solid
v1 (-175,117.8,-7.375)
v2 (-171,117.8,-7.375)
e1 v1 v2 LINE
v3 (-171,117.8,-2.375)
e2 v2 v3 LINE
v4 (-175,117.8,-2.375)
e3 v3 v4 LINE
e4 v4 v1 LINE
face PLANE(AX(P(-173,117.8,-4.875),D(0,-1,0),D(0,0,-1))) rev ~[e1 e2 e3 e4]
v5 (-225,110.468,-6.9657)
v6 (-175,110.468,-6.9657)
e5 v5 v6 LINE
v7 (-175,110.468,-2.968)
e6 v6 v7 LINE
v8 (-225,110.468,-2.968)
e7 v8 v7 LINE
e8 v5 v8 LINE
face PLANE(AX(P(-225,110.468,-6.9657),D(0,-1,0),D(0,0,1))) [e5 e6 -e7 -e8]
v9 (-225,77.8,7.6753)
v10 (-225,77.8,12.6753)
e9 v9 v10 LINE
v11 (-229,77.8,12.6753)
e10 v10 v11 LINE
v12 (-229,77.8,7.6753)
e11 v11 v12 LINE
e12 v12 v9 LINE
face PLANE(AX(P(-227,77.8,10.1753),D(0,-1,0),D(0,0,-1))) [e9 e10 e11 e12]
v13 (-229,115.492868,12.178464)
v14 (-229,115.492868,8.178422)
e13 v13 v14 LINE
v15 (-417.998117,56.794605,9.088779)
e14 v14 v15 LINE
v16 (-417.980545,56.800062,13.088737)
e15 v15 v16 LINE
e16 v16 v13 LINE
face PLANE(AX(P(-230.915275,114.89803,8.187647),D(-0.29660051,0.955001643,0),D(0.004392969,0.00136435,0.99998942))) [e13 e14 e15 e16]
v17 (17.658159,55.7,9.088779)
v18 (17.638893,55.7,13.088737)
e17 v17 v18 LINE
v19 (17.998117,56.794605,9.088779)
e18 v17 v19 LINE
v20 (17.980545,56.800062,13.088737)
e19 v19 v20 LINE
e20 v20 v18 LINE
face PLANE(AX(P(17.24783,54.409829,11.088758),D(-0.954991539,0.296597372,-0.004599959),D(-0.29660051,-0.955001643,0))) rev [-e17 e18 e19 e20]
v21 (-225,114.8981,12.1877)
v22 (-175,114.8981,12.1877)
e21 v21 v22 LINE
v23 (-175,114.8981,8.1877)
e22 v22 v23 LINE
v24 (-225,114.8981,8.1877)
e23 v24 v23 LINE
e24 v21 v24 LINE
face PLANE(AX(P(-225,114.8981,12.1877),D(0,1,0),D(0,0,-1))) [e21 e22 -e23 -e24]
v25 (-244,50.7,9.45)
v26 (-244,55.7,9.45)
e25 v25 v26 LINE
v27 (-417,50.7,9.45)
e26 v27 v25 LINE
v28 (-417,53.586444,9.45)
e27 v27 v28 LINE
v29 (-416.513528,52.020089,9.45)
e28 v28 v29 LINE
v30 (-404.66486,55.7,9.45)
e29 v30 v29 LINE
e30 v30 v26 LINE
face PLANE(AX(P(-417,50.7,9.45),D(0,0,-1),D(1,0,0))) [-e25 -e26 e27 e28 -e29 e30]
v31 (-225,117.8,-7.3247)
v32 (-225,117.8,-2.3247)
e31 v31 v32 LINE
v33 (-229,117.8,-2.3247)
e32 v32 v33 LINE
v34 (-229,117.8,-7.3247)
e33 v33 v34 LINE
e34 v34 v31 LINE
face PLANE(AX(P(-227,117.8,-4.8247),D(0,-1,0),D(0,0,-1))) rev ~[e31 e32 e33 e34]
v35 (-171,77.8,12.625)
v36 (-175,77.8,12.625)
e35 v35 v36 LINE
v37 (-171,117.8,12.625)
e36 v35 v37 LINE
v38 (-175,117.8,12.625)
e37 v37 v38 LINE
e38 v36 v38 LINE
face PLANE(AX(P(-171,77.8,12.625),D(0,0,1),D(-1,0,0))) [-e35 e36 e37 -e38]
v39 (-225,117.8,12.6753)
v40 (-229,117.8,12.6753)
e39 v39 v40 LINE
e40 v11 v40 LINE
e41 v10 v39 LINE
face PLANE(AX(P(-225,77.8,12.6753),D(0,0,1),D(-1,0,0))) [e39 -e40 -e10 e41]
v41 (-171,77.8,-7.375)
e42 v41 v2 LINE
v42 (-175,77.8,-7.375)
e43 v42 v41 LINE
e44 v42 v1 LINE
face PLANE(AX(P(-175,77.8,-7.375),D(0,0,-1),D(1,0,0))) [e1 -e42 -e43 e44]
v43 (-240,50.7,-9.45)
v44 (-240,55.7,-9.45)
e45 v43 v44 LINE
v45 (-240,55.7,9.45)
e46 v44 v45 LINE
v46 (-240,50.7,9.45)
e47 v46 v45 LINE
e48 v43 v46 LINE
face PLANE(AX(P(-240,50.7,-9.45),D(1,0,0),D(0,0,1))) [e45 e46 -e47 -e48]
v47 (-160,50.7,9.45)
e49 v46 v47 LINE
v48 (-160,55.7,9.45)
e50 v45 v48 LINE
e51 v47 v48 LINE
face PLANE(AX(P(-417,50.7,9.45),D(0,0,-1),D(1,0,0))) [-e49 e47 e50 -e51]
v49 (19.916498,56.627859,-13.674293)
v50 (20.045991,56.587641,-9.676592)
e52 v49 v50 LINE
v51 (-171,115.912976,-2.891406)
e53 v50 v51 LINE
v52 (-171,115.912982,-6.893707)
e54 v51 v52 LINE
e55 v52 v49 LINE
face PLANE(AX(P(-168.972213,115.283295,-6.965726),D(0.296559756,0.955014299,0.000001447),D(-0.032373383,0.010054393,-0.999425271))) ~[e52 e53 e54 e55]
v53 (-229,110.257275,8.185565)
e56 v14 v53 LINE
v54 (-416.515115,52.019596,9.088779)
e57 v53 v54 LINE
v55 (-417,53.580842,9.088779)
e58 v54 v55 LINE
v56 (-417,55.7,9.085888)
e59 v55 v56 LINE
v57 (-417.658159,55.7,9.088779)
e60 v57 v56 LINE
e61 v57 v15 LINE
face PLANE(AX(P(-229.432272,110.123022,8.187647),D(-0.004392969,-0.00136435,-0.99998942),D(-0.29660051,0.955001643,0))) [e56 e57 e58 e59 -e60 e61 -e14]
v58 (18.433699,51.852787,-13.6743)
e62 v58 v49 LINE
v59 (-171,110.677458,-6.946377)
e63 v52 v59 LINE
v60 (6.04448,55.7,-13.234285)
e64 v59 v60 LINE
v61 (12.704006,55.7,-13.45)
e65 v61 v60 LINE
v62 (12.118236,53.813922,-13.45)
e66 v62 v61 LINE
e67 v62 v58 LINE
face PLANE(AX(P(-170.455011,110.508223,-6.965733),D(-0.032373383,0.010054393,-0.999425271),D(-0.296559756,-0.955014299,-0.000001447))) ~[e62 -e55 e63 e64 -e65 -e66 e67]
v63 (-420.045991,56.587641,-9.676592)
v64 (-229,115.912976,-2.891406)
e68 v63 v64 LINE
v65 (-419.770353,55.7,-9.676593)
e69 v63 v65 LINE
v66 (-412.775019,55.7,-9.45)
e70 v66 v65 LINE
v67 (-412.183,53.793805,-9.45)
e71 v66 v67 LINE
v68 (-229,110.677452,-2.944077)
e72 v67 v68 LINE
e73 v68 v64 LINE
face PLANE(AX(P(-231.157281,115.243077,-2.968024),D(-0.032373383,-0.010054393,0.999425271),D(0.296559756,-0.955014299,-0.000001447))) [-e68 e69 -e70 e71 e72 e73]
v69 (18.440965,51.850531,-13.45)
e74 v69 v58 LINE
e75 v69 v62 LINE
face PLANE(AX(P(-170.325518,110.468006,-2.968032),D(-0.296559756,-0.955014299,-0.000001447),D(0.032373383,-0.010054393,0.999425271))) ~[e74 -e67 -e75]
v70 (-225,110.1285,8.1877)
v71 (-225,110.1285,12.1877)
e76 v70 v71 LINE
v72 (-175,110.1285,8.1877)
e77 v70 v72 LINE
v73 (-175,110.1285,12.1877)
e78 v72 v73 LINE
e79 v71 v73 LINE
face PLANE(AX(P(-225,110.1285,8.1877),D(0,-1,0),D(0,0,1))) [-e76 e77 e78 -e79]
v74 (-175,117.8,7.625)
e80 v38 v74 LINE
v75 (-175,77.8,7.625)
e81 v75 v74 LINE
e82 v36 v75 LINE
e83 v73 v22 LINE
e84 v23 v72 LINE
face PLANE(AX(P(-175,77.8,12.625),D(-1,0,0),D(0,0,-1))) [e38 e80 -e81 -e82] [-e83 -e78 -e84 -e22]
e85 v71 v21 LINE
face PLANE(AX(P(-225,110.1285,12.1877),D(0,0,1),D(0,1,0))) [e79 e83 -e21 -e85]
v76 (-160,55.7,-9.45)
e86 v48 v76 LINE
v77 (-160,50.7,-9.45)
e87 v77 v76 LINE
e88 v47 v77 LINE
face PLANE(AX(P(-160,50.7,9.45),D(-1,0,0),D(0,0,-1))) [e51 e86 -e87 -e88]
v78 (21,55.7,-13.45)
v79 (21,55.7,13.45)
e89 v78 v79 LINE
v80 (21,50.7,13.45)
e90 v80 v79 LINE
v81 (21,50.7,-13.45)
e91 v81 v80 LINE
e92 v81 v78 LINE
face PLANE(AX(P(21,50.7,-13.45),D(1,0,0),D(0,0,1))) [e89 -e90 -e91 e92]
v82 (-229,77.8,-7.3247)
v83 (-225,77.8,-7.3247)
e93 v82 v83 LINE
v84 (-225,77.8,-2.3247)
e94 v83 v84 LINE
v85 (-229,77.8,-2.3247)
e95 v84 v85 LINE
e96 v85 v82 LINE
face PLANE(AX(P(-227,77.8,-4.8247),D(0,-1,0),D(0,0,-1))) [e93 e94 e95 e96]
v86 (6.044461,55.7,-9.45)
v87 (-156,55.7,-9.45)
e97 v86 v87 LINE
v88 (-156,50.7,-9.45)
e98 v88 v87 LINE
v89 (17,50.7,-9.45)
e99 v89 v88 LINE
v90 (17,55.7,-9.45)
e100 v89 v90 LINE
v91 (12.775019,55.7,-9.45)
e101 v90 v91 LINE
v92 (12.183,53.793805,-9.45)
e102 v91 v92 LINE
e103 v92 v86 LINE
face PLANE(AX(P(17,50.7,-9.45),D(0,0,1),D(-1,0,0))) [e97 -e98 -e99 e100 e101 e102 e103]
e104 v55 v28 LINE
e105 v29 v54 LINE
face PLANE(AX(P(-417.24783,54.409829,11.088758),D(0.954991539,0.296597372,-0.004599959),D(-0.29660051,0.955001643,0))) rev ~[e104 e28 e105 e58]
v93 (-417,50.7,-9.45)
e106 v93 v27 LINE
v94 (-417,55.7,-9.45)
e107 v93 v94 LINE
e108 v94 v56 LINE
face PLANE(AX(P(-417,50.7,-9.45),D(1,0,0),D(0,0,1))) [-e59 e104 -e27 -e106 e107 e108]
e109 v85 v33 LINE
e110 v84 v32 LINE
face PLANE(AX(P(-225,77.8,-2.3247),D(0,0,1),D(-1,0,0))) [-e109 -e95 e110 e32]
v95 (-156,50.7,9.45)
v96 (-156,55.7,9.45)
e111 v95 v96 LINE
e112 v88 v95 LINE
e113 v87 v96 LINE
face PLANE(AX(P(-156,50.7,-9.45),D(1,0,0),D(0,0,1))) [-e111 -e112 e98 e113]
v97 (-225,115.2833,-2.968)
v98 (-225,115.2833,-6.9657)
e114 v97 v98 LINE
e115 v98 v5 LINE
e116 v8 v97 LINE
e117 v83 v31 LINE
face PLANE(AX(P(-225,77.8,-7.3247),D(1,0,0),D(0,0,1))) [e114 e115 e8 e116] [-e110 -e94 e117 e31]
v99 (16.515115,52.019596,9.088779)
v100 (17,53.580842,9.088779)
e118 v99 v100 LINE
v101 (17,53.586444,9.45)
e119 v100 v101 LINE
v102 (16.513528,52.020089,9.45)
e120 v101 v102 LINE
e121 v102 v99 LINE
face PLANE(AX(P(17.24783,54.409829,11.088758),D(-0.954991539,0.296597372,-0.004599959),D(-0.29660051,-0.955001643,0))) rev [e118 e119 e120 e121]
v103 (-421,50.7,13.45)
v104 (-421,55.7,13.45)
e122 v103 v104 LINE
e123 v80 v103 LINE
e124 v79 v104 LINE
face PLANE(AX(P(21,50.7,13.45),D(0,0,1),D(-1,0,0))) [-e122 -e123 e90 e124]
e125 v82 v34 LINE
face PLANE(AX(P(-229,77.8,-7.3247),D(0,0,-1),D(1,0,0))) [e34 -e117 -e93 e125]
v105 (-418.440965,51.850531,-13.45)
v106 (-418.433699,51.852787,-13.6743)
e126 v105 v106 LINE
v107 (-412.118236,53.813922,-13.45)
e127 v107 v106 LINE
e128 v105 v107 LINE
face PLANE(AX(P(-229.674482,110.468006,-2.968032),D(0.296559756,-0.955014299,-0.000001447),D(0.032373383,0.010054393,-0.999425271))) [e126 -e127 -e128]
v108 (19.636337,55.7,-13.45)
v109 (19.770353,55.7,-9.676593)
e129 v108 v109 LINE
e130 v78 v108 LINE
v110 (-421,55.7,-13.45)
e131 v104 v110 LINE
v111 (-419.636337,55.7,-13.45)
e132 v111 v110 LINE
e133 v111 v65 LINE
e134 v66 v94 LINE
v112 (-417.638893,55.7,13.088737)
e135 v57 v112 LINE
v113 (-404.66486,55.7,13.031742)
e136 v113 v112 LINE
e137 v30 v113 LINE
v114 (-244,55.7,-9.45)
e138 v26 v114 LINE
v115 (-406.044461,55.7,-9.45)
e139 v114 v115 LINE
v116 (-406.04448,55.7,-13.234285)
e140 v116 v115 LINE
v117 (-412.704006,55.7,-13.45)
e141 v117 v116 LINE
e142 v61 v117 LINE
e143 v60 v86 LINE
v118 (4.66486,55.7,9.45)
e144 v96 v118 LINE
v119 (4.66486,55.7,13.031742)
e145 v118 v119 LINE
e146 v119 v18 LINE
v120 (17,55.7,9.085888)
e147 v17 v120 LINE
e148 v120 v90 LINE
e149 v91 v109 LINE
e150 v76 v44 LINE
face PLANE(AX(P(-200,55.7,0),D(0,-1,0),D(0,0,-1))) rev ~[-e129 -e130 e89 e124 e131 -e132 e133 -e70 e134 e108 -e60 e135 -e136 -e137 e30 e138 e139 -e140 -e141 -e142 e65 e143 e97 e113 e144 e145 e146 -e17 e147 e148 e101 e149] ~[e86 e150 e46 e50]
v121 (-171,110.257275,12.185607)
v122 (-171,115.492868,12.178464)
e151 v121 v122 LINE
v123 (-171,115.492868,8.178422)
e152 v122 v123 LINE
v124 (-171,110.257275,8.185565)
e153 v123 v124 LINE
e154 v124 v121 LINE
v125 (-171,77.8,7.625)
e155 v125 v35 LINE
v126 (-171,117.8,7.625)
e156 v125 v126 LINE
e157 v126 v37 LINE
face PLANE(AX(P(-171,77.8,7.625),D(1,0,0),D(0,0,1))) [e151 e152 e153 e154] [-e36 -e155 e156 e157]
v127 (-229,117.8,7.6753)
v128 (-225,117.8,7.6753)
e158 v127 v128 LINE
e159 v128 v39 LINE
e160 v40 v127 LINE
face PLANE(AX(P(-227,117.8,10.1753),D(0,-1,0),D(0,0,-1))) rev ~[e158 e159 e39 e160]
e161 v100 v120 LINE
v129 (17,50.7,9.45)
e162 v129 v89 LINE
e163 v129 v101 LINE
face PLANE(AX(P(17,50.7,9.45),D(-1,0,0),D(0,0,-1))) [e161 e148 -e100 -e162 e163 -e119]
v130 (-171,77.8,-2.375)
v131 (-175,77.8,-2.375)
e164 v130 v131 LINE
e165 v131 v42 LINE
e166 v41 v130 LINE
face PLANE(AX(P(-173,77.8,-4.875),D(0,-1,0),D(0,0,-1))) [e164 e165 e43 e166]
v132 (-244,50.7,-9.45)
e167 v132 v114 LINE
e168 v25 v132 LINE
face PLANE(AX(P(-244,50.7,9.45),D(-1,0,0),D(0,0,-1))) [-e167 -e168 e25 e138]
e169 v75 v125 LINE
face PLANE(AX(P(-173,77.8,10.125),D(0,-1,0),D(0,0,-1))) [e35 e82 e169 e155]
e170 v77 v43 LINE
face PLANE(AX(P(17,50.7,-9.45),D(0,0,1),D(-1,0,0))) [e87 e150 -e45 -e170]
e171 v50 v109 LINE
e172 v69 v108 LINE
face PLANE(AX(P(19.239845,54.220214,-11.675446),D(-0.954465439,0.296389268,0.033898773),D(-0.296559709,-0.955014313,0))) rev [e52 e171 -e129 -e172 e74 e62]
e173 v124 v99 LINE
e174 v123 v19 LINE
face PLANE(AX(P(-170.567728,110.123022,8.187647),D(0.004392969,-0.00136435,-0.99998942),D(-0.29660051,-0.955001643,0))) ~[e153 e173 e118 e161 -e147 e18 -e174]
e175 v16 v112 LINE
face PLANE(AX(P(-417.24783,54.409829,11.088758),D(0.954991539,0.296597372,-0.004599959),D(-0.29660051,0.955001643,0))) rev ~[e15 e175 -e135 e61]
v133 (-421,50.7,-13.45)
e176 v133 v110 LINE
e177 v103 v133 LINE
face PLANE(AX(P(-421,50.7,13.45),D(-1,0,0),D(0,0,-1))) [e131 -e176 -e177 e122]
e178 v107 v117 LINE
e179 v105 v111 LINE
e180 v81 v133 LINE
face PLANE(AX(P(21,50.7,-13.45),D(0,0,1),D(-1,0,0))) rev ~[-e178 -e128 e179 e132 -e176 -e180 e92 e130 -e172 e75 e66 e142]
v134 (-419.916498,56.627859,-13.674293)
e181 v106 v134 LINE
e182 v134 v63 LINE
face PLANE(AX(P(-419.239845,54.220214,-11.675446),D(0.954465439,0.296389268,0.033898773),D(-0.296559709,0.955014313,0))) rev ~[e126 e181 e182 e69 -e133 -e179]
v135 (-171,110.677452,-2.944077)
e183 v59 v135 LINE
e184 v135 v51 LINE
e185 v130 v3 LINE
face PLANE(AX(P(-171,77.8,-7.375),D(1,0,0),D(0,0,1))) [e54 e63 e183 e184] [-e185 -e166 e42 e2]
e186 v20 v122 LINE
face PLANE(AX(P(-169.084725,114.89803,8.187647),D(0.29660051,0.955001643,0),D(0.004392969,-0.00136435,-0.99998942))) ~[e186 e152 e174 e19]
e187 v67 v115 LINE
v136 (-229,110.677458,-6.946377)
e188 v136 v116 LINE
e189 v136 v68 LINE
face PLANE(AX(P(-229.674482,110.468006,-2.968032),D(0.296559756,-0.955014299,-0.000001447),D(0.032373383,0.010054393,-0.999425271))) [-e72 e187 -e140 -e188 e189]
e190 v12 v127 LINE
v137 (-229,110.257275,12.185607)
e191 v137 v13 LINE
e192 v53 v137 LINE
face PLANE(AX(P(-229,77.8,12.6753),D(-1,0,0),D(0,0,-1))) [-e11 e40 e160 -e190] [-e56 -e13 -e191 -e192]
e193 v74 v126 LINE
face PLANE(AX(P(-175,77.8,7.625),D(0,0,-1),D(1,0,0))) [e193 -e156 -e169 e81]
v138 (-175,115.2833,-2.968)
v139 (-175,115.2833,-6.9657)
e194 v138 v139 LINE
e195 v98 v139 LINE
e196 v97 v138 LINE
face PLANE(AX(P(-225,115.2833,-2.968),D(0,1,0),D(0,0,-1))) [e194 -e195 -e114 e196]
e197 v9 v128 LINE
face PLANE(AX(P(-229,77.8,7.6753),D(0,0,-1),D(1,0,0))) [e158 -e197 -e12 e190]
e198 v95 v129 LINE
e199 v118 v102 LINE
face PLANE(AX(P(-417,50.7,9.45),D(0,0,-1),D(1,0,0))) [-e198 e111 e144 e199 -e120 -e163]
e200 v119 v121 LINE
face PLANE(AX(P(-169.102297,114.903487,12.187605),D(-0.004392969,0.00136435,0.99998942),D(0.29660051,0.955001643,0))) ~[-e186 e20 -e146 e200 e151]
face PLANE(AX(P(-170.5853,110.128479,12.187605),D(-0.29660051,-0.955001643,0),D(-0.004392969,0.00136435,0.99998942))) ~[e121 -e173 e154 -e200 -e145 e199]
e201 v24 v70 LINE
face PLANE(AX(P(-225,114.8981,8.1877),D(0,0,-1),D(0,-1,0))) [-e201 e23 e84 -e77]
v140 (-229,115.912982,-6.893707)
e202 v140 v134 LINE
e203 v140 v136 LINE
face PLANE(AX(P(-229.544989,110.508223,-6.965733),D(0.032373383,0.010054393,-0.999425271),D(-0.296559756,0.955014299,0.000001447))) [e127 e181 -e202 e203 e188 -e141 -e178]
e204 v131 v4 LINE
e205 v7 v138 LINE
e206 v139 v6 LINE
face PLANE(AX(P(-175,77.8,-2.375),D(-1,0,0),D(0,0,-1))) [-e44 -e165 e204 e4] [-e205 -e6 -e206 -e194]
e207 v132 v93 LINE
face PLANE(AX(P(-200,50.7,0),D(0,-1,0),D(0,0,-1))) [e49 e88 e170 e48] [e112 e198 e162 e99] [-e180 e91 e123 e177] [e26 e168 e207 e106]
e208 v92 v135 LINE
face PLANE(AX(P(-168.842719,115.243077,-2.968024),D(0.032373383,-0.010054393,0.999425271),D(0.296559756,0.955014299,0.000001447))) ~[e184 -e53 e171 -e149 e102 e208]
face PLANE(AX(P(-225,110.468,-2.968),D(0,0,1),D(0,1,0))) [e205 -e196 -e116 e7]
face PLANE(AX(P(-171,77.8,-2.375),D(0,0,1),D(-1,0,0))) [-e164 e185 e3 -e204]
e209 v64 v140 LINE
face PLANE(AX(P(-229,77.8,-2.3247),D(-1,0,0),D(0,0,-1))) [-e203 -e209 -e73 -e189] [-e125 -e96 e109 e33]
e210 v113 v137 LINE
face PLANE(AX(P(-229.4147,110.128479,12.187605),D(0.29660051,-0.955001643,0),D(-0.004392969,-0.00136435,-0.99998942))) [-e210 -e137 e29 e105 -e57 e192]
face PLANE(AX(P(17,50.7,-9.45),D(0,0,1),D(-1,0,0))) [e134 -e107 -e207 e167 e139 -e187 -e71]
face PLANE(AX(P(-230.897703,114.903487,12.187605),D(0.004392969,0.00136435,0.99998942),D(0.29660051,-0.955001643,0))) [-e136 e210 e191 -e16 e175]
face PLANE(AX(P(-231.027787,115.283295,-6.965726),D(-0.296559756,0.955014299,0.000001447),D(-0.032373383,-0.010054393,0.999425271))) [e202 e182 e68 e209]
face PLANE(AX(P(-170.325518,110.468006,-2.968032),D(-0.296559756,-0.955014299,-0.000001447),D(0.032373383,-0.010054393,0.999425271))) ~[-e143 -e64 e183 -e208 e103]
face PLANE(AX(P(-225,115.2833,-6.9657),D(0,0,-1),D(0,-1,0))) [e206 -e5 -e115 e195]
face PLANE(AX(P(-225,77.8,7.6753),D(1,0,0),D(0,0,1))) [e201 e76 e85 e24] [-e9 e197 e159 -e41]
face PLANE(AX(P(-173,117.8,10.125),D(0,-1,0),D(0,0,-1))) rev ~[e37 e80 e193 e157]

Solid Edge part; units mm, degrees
sketch "Sketch1" plane through (0, 50.7, 0) normal (0, -1, 0) x (1, 0, 0)
  line L0 (21, 13.45) -> (-421, 13.45)
  line L1 (-421, 13.45) -> (-421, -13.45)
  line L2 (21, -13.45) -> (-421, -13.45)
  line L3 (21, -13.45) -> (21, 13.45)
  line L4 (-417, 9.45) -> (17, 9.45)
  line L5 (17, 9.45) -> (17, -9.45)
  line L6 (17, -9.45) -> (-417, -9.45)
  line L7 (-417, -9.45) -> (-417, 9.45)
  dimension "D1" = 4
  dimension "D2" = 4
  dimension "D3" = 1.8
  dimension "D4" = 1.8
  dimension "D5" = 18.9
  dimension "D6" = 4
  dimension "D7" = 18.9
  dimension "D8" = 4
  dimension "D9" = 434
  dimension "D10" = 26.9
  dimension "D11" = 4
extrude "Protrusion1" add sketch "Sketch1" against normal blind 5
sketch "Sketch2" plane through (0, 50.7, 0) normal (0, -1, 0) x (1, 0, 0)
  line L0 (-156, -9.45) -> (-156, 9.45)
  line L1 (-156, 9.45) -> (-160, 9.45)
  line L2 (-160, 9.45) -> (-160, -9.45)
  line L3 (-160, -9.45) -> (-156, -9.45)
  line L4 (-244, 9.45) -> (-244, -9.45)
  line L5 (-244, -9.45) -> (-240, -9.45)
  line L6 (-240, -9.45) -> (-240, 9.45)
  line L7 (-240, 9.45) -> (-244, 9.45)
  dimension "D1" = 4
  dimension "D2" = 4
  dimension "D3" = 1.8
  dimension "D4" = 1.8
  dimension "D5" = 18.9
  dimension "D6" = 4
  dimension "D7" = 18.9
  dimension "D8" = 4
  dimension "D9" = 434
  dimension "D10" = 26.9
  dimension "D11" = 4
extrude "ExtrudedProtrusion_2" add sketch "Sketch2" against normal blind 5
sketch "Sketch3" plane through (-200, 77.8, 0) normal (0, 1, 0) x (1, 0, 0)
  line L0 (-29, 2.3247) -> (-29, 7.3247)
  line L1 (-29, 7.3247) -> (-25, 7.3247)
  line L2 (-25, 7.3247) -> (-25, 2.3247)
  line L3 (-25, 2.3247) -> (-29, 2.3247)
  line L4 (-29, -12.6753) -> (-29, -7.6753)
  line L5 (-29, -7.6753) -> (-25, -7.6753)
  line L6 (-25, -7.6753) -> (-25, -12.6753)
  line L7 (-25, -12.6753) -> (-29, -12.6753)
  line L8 (29, -12.625) -> (25, -12.625)
  line L9 (25, -12.625) -> (25, -7.625)
  line L10 (25, -7.625) -> (29, -7.625)
  line L11 (29, -7.625) -> (29, -12.625)
  line L12 (25, 2.375) -> (25, 7.375)
  line L13 (25, 7.375) -> (29, 7.375)
  line L14 (29, 7.375) -> (29, 2.375)
  line L15 (29, 2.375) -> (25, 2.375)
extrude "ExtrudedProtrusion_3" add sketch "Sketch3" along normal blind 40
sketch "Sketch4" plane through (-229, 108.8, -7.375) normal (0.9545, 0.2964, 0.0339) x (0.2966, -0.955, 0)
  line L0 (-6.793, -0.4095) -> (-6.793, -4.4095)
  line L1 (-6.793, -4.4095) -> (-1.793, -4.4095)
  line L2 (-1.793, -4.4095) -> (-1.793, -0.4095)
  line L3 (-1.793, -0.4095) -> (-6.793, -0.4095)
extrude "ExtrudedProtrusion_6" add sketch "Sketch4" against normal blind 197.9 and the other way blind 2.75
sketch "Sketch5" plane through (-229, 108.8, 12.625) normal (0.955, 0.2966, -0.0046) x (0.2966, -0.955, 0)
  line L0 (-6.3917, 4.4374) -> (-6.3917, 0.4374)
  line L1 (-6.3917, 0.4374) -> (-1.3917, 0.4374)
  line L2 (-1.3917, 0.4374) -> (-1.3917, 4.4374)
  line L3 (-1.3917, 4.4374) -> (-6.3917, 4.4374)
extrude "ExtrudedProtrusion_8" add sketch "Sketch5" against normal blind 195.9 and the other way blind 2.3
mirror "Mirror1" about plane through (-200, 97.8, -4.8247) normal (1, 0, 0) of "ExtrudedProtrusion_6", "ExtrudedProtrusion_8"
sketch "Sketch6" plane through (-225, 97.8, -4.8247) normal (1, 0, 0) x (0, -1, 0)
  line L0 (-17.0981, -13.0124) -> (-12.3285, -13.0124)
  line L1 (-12.3285, -13.0124) -> (-12.3285, -17.0124)
  line L2 (-12.3285, -17.0124) -> (-17.0981, -17.0124)
  line L3 (-17.0981, -17.0124) -> (-17.0981, -13.0124)
  line L4 (-12.668, -1.8567) -> (-17.4833, -1.8567)
  line L5 (-17.4833, -1.8567) -> (-17.4833, 2.141)
  line L6 (-17.4833, 2.141) -> (-12.668, 2.141)
  line L7 (-12.668, 2.141) -> (-12.668, -1.8567)
extrude "Protrusion2" add sketch "Sketch6" along normal up to vertex (50 mm away)
properties material "Carbon Fiber"
